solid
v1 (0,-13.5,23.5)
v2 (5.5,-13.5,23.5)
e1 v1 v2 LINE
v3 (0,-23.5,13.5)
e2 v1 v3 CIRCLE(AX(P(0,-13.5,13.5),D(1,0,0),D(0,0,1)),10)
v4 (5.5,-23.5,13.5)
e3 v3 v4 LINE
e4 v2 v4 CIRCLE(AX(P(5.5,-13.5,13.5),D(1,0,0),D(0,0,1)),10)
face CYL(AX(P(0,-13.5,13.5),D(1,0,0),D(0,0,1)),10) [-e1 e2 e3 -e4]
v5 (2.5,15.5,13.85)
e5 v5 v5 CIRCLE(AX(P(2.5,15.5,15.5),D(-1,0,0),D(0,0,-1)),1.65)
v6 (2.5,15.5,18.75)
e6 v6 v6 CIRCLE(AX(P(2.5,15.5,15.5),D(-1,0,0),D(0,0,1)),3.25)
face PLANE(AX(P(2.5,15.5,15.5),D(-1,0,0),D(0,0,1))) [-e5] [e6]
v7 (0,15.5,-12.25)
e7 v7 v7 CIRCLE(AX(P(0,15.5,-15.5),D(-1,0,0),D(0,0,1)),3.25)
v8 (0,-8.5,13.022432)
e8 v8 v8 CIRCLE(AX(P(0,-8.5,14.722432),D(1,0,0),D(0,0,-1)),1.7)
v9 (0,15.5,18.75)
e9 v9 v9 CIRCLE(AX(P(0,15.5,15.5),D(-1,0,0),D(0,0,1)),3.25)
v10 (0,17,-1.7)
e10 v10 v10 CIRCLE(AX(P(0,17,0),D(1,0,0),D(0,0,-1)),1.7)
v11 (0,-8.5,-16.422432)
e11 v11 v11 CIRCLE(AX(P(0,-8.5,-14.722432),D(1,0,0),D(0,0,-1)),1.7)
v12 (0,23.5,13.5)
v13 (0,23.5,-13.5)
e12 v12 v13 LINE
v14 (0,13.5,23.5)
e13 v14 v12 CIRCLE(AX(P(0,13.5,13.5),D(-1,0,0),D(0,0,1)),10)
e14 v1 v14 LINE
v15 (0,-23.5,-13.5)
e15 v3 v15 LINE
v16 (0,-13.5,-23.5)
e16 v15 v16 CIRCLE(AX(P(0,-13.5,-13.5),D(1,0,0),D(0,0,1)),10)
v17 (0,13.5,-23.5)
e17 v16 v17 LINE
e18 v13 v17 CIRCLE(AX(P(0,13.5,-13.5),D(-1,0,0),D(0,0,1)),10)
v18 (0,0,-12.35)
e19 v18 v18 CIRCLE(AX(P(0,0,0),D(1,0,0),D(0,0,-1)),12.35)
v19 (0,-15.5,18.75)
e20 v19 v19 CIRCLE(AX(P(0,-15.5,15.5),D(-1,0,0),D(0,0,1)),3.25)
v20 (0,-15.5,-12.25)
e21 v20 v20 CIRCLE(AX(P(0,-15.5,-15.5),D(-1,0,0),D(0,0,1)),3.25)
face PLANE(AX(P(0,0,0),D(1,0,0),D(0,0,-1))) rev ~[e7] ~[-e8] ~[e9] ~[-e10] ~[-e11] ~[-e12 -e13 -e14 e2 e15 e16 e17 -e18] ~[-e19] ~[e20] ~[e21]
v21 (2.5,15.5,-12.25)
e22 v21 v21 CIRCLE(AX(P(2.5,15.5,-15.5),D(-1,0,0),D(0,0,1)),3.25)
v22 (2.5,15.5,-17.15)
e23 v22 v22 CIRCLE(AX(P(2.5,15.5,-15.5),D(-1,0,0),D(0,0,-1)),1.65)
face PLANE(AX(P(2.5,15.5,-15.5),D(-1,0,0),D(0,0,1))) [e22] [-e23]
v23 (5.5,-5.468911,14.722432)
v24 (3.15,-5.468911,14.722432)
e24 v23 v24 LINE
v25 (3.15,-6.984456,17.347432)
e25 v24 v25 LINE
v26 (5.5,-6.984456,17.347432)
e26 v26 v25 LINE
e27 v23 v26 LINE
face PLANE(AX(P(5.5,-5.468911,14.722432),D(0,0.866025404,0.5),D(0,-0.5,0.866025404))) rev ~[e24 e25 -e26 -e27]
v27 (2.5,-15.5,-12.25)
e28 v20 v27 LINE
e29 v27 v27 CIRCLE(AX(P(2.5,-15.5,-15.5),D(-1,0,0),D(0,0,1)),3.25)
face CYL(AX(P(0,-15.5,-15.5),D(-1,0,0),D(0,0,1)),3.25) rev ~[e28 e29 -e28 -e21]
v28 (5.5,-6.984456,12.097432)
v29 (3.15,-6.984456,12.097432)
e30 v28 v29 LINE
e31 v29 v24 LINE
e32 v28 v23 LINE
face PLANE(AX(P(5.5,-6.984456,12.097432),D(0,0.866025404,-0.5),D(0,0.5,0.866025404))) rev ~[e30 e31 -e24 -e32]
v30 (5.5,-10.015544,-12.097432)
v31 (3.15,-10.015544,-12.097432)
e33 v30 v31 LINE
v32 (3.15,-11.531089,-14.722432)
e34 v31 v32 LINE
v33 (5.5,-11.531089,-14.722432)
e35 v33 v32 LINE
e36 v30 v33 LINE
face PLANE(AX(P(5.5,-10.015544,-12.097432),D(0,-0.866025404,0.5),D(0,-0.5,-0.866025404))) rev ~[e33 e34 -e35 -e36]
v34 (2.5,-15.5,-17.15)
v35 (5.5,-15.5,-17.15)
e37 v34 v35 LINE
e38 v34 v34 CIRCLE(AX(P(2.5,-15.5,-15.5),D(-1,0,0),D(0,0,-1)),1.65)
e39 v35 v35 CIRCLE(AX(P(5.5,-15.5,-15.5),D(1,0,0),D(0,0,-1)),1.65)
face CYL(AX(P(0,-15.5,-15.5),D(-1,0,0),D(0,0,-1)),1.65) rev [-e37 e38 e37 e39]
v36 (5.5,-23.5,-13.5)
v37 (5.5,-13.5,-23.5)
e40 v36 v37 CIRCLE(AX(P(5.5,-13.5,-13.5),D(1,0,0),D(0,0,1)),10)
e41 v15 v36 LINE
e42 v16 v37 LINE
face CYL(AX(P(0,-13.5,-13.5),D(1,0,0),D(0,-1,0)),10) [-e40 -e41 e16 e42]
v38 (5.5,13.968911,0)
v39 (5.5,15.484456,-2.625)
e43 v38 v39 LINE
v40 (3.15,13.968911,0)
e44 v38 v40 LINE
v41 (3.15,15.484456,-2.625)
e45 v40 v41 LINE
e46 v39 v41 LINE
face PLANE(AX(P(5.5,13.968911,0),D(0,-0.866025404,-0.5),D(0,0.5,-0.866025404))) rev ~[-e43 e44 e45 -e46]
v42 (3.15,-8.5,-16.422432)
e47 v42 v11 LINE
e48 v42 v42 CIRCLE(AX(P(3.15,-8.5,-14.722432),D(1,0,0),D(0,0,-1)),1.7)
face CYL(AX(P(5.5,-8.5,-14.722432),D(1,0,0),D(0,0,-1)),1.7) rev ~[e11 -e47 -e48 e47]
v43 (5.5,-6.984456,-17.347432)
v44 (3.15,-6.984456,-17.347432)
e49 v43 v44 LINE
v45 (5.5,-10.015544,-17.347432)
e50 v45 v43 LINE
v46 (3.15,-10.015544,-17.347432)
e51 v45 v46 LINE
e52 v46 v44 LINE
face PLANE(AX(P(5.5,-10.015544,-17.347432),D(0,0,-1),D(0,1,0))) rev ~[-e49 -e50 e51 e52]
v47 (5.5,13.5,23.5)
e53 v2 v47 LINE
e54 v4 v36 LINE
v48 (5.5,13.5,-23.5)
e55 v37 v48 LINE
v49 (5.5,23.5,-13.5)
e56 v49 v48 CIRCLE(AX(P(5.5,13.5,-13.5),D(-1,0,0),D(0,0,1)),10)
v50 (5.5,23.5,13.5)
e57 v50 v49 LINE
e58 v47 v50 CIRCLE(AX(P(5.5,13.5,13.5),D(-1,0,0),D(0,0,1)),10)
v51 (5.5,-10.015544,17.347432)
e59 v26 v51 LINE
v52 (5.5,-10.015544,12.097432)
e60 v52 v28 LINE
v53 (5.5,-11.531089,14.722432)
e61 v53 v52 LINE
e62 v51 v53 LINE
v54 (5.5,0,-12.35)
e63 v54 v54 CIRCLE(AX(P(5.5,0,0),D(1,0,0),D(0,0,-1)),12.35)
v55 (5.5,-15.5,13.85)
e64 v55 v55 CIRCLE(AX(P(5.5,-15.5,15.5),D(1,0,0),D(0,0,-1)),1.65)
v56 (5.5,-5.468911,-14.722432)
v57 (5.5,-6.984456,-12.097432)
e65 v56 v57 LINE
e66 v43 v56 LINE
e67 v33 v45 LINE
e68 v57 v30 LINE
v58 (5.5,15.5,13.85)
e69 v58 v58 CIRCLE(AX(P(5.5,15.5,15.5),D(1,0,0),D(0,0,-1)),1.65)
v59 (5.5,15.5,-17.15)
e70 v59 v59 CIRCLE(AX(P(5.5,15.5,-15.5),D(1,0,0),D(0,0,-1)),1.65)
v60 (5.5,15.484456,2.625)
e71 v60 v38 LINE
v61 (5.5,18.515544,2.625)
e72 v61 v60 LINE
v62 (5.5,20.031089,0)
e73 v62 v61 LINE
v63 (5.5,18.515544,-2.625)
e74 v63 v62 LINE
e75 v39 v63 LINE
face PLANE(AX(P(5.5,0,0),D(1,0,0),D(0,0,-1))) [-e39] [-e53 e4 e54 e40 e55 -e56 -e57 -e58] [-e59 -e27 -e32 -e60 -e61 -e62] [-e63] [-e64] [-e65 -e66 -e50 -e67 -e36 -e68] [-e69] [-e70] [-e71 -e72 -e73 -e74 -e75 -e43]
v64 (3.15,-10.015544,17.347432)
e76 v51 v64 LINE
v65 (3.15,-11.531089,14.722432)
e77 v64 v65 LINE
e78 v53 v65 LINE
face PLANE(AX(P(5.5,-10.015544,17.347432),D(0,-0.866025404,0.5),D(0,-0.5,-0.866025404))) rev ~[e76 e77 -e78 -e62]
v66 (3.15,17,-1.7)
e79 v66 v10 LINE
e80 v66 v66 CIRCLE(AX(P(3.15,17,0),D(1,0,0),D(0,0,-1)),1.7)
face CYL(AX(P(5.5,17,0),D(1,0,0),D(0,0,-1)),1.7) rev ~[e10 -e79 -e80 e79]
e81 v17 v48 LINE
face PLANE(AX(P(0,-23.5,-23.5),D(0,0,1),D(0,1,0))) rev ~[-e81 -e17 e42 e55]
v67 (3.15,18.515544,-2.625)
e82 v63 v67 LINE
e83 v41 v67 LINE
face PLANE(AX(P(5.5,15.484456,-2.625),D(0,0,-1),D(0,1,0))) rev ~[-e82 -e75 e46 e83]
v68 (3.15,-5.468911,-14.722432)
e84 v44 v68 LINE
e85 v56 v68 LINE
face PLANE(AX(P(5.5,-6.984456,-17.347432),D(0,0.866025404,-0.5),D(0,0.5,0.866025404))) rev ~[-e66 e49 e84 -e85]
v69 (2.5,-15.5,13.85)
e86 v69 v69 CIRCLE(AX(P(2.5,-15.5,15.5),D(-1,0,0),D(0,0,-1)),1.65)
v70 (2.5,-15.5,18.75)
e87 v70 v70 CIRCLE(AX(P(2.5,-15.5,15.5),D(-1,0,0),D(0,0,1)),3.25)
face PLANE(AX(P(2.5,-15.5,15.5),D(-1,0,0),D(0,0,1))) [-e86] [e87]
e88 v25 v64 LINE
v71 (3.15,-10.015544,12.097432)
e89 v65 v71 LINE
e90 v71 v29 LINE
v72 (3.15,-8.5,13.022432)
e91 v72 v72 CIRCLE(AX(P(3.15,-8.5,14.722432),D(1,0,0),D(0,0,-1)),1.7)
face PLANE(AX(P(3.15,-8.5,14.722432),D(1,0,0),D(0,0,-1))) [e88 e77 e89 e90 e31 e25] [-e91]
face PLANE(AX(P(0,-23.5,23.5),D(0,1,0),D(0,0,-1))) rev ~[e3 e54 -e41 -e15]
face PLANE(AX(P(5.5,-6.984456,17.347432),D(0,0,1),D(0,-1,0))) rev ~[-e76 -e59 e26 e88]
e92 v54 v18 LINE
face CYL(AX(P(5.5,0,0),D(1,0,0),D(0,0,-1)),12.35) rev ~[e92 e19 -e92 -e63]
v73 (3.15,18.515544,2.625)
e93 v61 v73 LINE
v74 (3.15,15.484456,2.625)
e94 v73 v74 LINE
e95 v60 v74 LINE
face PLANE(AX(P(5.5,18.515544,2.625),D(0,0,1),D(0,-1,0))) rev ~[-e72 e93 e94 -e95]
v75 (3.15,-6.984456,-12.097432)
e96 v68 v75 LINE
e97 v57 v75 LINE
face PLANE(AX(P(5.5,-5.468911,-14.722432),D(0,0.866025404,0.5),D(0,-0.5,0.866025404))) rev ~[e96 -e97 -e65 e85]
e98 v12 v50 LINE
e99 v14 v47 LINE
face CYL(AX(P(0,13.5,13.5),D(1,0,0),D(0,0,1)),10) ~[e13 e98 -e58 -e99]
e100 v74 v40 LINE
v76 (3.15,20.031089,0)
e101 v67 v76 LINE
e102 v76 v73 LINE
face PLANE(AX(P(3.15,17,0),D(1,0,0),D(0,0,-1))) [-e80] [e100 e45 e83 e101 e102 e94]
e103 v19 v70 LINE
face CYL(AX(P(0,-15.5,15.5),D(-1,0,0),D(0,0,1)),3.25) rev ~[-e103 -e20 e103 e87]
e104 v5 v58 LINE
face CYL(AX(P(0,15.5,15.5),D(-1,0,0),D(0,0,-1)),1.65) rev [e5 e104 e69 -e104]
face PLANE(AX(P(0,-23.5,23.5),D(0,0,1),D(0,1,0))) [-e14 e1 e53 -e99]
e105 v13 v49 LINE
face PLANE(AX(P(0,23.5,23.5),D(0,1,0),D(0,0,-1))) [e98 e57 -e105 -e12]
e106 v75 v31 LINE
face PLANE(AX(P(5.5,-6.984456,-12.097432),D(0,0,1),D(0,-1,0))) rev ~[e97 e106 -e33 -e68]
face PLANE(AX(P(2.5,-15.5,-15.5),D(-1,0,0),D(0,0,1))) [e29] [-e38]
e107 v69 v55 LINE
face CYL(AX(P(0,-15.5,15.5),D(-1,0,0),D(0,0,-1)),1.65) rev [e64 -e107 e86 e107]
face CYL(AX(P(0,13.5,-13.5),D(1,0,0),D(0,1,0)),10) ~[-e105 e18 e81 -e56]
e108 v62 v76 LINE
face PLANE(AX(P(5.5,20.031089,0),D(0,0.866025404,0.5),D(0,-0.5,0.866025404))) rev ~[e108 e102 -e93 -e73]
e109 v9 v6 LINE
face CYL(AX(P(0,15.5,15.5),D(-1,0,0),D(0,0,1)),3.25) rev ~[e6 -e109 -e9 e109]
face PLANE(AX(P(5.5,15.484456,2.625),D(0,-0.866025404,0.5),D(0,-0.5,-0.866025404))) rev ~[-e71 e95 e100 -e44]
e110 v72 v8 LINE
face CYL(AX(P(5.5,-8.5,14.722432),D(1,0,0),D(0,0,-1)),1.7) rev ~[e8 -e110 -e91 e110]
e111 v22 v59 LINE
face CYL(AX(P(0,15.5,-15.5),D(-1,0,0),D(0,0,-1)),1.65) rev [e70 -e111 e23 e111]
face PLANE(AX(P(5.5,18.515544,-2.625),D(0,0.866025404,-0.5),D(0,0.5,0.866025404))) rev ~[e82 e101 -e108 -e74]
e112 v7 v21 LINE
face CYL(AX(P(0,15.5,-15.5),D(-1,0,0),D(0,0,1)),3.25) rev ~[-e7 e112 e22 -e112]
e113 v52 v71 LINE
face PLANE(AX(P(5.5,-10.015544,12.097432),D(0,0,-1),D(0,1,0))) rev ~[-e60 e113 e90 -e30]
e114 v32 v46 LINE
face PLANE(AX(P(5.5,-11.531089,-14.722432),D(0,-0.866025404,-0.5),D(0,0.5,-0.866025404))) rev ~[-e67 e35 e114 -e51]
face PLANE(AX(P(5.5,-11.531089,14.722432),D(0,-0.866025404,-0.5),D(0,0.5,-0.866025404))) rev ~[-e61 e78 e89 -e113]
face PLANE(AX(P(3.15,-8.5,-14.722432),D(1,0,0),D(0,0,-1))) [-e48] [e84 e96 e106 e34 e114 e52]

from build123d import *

# Parameters (mm, degrees)
CROQUIS1_W              = 47
CROQUIS1_H              = 47
CROQUIS1_R              = 1.65
SALIENTE_EXTRUIR1_DEPTH = 5.5
CORTAR_EXTRUIR1_DEPTH   = 2.35
CROQUIS7_R              = 12.35
CORTAR_EXTRUIR2_DEPTH   = 5.5
CROQUIS8_R              = 1.7
CORTAR_EXTRUIR3_DEPTH   = 5.5
CROQUIS9_R              = 3.25
CORTAR_EXTRUIR4_DEPTH   = 2.5
REDONDEO1_R             = 10


with BuildPart() as part:
    # Croquis1 → Saliente-Extruir1 (new body)
    with BuildSketch(Plane(origin=(0, 0, 0), x_dir=(0, 0, -1), z_dir=(1, 0, 0))):
        Rectangle(CROQUIS1_W, CROQUIS1_H)
        with Locations((-15.5, 15.5)):
            Circle(CROQUIS1_R, mode=Mode.SUBTRACT)
        with Locations((15.5, 15.5)):
            Circle(CROQUIS1_R, mode=Mode.SUBTRACT)
        with Locations((15.5, -15.5)):
            Circle(CROQUIS1_R, mode=Mode.SUBTRACT)
        with Locations((-15.5, -15.5)):
            Circle(CROQUIS1_R, mode=Mode.SUBTRACT)
    extrude(amount=SALIENTE_EXTRUIR1_DEPTH)

    # Croquis2 → Cortar-Extruir1 (cut)
    with BuildSketch(Plane(origin=(5.5, 0, 0), x_dir=(0, 0, -1), z_dir=(1, 0, 0))):
        Polygon((0, 13.968911087), (2.625, 15.484455543), (2.625, 18.515544457), (0, 20.031088913), (-2.625, 18.515544457), (-2.625, 15.484455543), align=None)
        Polygon((14.722431864, -11.531088913), (17.347431864, -10.015544457), (17.347431864, -6.984455543), (14.722431864, -5.468911087), (12.097431864, -6.984455543), (12.097431864, -10.015544457), align=None)
        Polygon((-17.347431864, -6.984455543), (-17.347431864, -10.015544457), (-14.722431864, -11.531088913), (-12.097431864, -10.015544457), (-12.097431864, -6.984455543), (-14.722431864, -5.468911087), align=None)
    extrude(amount=-CORTAR_EXTRUIR1_DEPTH, mode=Mode.SUBTRACT)

    # Croquis7 → Cortar-Extruir2 (cut)
    with BuildSketch(Plane(origin=(5.5, 0, 0), x_dir=(0, 0, -1), z_dir=(1, 0, 0))):
        Circle(CROQUIS7_R)
    extrude(amount=-CORTAR_EXTRUIR2_DEPTH, mode=Mode.SUBTRACT)

    # Croquis8 → Cortar-Extruir3 (cut)
    with BuildSketch(Plane(origin=(5.5, 0, 0), x_dir=(0, 0, -1), z_dir=(1, 0, 0))):
        with Locations((0, 17)):
            Circle(CROQUIS8_R)
        with Locations((14.722431864, -8.5)):
            Circle(CROQUIS8_R)
        with Locations((-14.722431864, -8.5)):
            Circle(CROQUIS8_R)
    extrude(amount=-CORTAR_EXTRUIR3_DEPTH, mode=Mode.SUBTRACT)

    # Croquis9 → Cortar-Extruir4 (cut)
    with BuildSketch(Plane.ZY):
        with Locations((-15.5, -15.5)):
            Circle(CROQUIS9_R)
        with Locations((-15.5, 15.5)):
            Circle(CROQUIS9_R)
        with Locations((15.5, 15.5)):
            Circle(CROQUIS9_R)
        with Locations((15.5, -15.5)):
            Circle(CROQUIS9_R)
    extrude(amount=-CORTAR_EXTRUIR4_DEPTH, mode=Mode.SUBTRACT)

    # Redondeo1
    redondeo1_edges = [part.edges().sort_by_distance(p)[0] for p in [
        (2.75, -23.5, 23.5),
        (2.75, 23.5, 23.5),
        (2.75, 23.5, -23.5),
        (2.75, -23.5, -23.5),
    ]]
    fillet(redondeo1_edges, radius=REDONDEO1_R)


solid = part.part
